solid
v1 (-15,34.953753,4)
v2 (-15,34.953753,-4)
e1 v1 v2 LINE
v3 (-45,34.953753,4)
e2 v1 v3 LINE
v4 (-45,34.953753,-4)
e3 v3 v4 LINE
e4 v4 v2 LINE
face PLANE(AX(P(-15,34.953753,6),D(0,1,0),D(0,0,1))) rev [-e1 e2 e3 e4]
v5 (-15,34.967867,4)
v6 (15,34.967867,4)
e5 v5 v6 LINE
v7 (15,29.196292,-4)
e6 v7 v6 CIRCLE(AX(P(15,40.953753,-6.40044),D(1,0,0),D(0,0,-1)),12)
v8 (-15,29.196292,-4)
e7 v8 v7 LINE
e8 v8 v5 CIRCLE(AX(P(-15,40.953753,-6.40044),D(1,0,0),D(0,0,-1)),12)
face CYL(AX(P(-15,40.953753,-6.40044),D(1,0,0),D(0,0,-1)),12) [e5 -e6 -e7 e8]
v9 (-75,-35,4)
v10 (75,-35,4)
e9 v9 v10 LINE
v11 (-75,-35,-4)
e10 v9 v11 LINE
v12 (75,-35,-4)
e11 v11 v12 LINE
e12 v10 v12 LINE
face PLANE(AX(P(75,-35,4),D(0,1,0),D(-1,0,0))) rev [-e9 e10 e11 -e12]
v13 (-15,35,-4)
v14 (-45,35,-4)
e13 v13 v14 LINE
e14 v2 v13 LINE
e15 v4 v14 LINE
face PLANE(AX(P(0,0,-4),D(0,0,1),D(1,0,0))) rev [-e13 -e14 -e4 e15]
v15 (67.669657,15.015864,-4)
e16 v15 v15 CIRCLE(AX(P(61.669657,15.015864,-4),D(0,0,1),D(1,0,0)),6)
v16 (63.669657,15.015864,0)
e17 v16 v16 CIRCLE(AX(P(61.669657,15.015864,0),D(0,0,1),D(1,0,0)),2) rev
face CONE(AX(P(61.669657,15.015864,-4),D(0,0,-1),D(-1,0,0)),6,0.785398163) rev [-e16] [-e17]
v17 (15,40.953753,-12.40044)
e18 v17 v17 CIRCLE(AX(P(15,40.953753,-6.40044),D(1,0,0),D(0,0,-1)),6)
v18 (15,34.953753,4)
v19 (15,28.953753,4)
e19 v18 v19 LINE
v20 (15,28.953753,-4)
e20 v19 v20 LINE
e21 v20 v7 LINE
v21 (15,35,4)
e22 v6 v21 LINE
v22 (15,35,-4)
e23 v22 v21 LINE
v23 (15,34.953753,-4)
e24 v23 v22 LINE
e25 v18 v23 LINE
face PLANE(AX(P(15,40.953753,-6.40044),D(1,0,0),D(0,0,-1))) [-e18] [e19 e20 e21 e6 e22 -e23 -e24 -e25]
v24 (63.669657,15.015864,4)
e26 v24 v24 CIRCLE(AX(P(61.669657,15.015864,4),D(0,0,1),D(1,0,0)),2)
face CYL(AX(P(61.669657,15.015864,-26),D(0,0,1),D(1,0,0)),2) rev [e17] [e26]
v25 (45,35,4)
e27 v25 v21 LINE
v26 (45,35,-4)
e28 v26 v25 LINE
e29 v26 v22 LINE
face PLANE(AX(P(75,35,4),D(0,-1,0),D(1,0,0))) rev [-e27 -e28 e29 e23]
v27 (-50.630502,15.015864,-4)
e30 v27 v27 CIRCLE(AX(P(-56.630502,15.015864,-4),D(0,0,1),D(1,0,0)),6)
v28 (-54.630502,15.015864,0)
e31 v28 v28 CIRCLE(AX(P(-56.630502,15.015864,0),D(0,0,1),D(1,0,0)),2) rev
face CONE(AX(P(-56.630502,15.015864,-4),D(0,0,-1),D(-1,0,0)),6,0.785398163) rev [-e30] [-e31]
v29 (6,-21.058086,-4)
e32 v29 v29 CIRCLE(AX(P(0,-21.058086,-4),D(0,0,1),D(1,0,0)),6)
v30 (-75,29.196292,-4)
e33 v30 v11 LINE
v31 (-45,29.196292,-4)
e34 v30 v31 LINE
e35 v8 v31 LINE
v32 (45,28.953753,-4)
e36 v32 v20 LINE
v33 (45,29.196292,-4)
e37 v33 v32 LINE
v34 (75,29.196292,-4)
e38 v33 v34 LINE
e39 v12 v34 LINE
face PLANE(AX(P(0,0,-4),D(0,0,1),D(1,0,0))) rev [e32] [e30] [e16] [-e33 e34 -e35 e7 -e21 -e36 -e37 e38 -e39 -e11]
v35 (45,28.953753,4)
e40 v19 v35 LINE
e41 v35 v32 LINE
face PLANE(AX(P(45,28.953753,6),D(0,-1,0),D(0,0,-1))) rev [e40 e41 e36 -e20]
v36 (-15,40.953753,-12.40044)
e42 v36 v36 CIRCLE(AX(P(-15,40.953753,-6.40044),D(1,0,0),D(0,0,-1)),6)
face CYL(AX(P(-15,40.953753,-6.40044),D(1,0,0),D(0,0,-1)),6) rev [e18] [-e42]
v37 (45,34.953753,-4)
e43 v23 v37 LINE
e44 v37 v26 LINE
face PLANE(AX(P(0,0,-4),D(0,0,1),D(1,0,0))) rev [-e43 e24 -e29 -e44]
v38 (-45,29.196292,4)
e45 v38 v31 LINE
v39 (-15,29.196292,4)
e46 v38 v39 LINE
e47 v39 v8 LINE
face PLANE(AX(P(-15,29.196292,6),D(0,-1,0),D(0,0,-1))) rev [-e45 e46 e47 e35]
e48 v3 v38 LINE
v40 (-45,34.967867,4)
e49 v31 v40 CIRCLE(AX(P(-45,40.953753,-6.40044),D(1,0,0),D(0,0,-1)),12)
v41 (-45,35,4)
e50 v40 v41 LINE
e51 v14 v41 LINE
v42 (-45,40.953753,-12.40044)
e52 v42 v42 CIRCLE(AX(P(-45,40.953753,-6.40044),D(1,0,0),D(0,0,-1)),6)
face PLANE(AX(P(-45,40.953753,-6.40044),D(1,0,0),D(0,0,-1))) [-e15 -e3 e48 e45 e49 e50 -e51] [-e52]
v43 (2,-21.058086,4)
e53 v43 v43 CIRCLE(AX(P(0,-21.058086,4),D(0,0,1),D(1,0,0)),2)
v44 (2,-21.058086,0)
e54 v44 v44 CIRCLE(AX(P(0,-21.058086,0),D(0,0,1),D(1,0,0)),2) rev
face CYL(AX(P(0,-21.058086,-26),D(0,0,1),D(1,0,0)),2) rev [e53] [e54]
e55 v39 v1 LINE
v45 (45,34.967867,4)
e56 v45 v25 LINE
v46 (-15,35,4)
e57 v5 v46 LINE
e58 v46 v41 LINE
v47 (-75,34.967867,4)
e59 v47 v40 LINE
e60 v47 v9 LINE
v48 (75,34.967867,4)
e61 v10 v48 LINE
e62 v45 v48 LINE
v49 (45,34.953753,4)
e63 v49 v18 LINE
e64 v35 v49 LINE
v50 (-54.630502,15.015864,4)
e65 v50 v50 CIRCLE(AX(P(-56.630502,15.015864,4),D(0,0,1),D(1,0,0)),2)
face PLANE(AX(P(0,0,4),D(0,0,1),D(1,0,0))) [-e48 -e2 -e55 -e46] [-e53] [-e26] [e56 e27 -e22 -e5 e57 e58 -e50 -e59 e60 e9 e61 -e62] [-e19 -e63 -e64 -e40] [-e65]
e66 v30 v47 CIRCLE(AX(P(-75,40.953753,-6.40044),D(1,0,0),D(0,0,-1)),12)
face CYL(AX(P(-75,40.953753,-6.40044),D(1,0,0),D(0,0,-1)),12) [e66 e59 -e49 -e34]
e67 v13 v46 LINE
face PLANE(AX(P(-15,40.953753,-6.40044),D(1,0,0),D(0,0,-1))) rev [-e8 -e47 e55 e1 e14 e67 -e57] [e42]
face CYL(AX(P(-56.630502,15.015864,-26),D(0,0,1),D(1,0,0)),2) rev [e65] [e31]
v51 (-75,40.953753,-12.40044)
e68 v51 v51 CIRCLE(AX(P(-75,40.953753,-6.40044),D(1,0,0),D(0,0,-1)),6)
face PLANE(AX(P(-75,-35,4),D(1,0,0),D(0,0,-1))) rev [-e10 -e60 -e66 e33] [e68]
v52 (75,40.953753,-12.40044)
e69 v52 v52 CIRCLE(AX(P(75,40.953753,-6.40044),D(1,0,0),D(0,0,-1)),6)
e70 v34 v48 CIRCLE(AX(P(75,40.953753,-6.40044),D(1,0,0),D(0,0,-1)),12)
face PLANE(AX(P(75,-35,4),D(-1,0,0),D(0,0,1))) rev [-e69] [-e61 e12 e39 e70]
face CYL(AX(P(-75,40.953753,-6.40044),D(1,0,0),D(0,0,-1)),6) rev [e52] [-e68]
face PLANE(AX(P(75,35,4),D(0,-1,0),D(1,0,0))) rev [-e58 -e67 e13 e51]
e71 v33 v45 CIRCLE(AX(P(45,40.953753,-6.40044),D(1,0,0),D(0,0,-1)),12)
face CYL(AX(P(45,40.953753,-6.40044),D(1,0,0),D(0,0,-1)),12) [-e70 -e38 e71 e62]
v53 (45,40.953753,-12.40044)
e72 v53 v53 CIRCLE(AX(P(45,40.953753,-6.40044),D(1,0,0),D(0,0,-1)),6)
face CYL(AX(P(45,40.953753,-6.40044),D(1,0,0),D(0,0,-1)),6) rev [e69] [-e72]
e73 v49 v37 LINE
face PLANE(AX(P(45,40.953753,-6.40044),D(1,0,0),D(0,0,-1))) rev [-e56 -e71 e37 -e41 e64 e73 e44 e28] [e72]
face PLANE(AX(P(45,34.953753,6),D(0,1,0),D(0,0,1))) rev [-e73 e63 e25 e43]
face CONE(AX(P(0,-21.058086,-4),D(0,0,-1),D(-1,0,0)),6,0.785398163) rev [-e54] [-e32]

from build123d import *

# Parameters (mm, degrees)
SKETCH1_W           = 150
SKETCH1_H           = 70
BOSS_EXTRUDE1_DEPTH = 4
SKETCH4_R           = 12
SKETCH4_R_2         = 6
BOSS_EXTRUDE6_DEPTH = 30
LPATTERN1_COUNT     = 3
LPATTERN1_PITCH     = 60
SKETCH7_R           = 2
CUT_EXTRUDE2_DEPTH  = 30
CHAMFER3_SIZE       = 4
SKETCH8_W           = 30
SKETCH8_H           = 6
CUT_EXTRUDE3_DEPTH  = 10
SKETCH9_W           = 30
SKETCH9_H           = 5.757460858
CUT_EXTRUDE4_DEPTH  = 10


with BuildPart() as part:
    # Sketch1 → Boss-Extrude1 (new body, symmetric)
    with BuildSketch(Plane.XY):
        Rectangle(SKETCH1_W, SKETCH1_H)
    extrude(amount=BOSS_EXTRUDE1_DEPTH, both=True)

    # Sketch4 → Boss-Extrude6 (add)
    with BuildSketch(Plane(origin=(75, 0, 0), x_dir=(0, 0, -1), z_dir=(1, 0, 0))):
        with Locations((6.400440408, 40.953753189)):
            Circle(SKETCH4_R)
        with Locations((6.400440408, 40.953753189)):
            Circle(SKETCH4_R_2, mode=Mode.SUBTRACT)
    boss_extrude6 = extrude(amount=-BOSS_EXTRUDE6_DEPTH)

    # LPattern1: Boss-Extrude6 ×3
    with Locations(*[(-i * LPATTERN1_PITCH, 0, 0) for i in range(1, LPATTERN1_COUNT)]):
        add(boss_extrude6)

    # Sketch7 → Cut-Extrude2 (cut)
    with BuildSketch(Plane.XY.offset(4)):
        with Locations((-56.630501899, 15.015863732)):
            Circle(SKETCH7_R)
        with Locations((0, -21.058085924)):
            Circle(SKETCH7_R)
        with Locations((61.669656729, 15.015863732)):
            Circle(SKETCH7_R)
    extrude(amount=-CUT_EXTRUDE2_DEPTH, mode=Mode.SUBTRACT)

    # Chamfer3
    chamfer3_edges = [part.edges().sort_by_distance(p)[0] for p in [
        (-58.630501899, 15.015863732, -4),
        (-2, -21.058085924, -4),
        (59.669656729, 15.015863732, -4),
    ]]
    chamfer(chamfer3_edges, length=CHAMFER3_SIZE)

    # Sketch8 → Cut-Extrude3 (cut)
    with BuildSketch(Plane(origin=(0, 0, -4), x_dir=(-1, 0, 0), z_dir=(0, 0, -1))):
        with Locations((-30, 31.953753189)):
            Rectangle(SKETCH8_W, SKETCH8_H)
    extrude(amount=-CUT_EXTRUDE3_DEPTH, mode=Mode.SUBTRACT)

    # Sketch9 → Cut-Extrude4 (cut)
    with BuildSketch(Plane(origin=(0, 0, -4), x_dir=(-1, 0, 0), z_dir=(0, 0, -1))):
        with Locations((30, 32.07502276)):
            Rectangle(SKETCH9_W, SKETCH9_H)
    extrude(amount=-CUT_EXTRUDE4_DEPTH, mode=Mode.SUBTRACT)


solid = part.part
